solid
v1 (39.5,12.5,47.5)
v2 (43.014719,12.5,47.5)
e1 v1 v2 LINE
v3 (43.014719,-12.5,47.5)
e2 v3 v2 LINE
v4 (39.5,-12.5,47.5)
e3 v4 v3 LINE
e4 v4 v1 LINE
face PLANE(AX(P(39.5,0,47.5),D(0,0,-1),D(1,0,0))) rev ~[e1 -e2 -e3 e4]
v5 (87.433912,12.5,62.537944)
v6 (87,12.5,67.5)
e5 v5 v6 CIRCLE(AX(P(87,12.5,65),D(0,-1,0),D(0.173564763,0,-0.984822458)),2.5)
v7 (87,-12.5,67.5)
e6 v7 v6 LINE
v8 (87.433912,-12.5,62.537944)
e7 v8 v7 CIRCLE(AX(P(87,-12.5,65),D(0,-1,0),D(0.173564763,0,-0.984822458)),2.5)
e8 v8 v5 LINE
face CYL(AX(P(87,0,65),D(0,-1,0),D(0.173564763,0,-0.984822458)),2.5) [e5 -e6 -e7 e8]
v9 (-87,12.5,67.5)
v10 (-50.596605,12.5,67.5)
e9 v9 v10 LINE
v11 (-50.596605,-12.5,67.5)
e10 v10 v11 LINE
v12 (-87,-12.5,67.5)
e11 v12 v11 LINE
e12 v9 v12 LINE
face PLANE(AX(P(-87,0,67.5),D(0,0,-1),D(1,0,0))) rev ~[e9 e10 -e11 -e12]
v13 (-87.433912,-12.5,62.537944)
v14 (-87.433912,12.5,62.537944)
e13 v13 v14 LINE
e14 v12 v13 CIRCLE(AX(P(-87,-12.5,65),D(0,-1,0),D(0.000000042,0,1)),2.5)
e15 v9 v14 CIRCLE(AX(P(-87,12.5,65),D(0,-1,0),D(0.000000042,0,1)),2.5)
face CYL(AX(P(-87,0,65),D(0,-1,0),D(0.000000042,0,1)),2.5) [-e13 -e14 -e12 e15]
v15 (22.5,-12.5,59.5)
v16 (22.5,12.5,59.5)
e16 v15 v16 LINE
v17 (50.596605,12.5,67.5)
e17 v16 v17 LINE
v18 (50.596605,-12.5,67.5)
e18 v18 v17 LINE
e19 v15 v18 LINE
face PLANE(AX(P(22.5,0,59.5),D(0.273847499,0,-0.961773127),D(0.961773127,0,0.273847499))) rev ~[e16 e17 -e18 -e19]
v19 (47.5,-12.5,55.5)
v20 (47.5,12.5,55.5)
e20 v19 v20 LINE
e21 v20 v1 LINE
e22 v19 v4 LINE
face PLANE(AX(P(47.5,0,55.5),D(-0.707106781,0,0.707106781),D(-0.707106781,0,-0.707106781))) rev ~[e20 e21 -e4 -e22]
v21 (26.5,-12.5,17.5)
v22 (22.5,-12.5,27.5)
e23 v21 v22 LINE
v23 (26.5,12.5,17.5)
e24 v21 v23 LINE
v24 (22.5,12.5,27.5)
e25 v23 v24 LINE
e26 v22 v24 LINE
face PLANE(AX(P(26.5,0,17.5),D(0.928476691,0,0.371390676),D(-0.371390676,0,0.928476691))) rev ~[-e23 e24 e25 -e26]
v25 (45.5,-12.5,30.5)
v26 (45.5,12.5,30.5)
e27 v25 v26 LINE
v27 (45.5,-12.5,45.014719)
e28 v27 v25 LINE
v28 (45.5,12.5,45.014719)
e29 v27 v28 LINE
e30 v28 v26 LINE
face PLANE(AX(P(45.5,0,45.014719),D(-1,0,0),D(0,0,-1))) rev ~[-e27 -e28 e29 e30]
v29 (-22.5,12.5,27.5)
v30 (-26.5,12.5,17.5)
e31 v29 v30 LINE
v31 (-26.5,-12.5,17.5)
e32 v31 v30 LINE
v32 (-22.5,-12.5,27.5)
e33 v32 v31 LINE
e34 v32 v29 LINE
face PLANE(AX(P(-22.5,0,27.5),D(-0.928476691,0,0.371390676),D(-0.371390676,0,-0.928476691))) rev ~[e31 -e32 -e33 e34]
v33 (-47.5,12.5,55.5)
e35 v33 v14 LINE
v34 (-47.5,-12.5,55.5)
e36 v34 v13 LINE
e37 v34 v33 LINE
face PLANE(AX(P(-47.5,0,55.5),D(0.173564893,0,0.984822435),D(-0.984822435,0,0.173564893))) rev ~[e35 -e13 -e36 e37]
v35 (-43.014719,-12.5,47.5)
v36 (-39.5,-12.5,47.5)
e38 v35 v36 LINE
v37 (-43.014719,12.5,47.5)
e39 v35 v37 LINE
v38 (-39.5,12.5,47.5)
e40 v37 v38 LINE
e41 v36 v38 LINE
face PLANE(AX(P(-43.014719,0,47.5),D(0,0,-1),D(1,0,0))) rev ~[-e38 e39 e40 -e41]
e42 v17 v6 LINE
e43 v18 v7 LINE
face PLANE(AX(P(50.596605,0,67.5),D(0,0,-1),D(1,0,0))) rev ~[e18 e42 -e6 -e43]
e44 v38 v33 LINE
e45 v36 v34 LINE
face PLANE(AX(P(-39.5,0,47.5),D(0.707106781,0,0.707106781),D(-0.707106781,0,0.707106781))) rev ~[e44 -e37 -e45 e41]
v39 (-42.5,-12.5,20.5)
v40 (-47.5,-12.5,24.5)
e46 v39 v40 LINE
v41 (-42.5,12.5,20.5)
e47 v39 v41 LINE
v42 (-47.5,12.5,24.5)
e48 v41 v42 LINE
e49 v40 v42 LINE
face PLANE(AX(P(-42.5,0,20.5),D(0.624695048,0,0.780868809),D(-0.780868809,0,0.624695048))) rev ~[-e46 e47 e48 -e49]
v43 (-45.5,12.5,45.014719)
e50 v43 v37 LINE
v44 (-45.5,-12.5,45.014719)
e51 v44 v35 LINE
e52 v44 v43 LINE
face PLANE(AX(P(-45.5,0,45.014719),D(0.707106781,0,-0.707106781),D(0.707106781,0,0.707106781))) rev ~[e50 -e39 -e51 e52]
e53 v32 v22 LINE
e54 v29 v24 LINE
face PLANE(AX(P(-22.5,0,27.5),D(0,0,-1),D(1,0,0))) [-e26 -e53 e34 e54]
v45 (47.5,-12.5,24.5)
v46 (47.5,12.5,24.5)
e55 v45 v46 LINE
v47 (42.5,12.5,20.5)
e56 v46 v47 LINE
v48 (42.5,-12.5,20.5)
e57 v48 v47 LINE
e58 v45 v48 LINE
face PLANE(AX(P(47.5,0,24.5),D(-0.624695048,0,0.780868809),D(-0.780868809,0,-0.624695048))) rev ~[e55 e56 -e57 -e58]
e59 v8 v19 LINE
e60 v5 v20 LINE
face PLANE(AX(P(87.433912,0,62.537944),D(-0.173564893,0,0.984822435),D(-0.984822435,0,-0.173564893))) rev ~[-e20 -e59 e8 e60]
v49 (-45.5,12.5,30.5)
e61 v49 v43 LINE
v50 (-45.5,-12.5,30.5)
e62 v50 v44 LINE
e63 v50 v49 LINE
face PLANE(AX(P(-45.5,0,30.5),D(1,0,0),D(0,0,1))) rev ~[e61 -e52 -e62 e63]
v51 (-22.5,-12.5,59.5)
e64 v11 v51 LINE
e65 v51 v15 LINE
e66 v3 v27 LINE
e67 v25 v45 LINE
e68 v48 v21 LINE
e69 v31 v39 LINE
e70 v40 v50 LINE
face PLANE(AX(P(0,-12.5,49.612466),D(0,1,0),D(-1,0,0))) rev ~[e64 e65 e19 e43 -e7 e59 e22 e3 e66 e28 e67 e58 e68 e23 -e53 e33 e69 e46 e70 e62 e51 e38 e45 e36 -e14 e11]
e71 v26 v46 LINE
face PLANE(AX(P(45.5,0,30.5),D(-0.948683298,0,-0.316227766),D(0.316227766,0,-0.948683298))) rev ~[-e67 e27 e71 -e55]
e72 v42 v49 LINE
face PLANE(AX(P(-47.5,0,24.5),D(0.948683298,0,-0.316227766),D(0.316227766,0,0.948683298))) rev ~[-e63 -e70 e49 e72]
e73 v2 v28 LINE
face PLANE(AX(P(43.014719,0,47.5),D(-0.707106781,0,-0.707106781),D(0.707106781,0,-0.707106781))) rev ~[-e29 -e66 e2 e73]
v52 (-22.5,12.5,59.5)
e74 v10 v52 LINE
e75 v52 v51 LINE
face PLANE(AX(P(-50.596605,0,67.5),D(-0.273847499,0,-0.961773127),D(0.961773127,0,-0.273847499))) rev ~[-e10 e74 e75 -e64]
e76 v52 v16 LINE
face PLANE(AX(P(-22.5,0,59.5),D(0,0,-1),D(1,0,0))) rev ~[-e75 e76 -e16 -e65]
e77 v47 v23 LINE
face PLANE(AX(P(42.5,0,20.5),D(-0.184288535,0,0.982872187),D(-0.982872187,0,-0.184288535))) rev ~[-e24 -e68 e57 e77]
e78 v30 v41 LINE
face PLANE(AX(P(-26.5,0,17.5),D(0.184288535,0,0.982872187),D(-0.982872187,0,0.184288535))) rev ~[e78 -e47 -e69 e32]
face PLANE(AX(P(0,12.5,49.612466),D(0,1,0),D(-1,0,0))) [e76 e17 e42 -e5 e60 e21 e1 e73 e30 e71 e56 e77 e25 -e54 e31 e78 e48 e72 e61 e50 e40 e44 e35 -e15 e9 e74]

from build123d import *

# Parameters (mm, degrees)
PAD002_DEPTH = 12.5


with BuildPart() as part:
    # Sketch003 → Pad002 (new body, symmetric)
    with BuildSketch(Plane.XZ):
        with BuildLine():
            Line((-22.5, 59.5), (22.5, 59.5))
            Line((22.5, 59.5), (50.596605, 67.5))
            Line((50.596605, 67.5), (87, 67.5))
            ThreePointArc((87.433912, 62.537944), (89.490496, 65.217784), (87, 67.5))
            Line((87.433912, 62.537944), (47.5, 55.5))
            Line((47.5, 55.5), (39.5, 47.5))
            Line((39.5, 47.5), (43.014719, 47.5))
            Line((43.014719, 47.5), (45.5, 45.014719))
            Line((45.5, 45.014719), (45.5, 30.5))
            Line((45.5, 30.5), (47.5, 24.5))
            Line((47.5, 24.5), (42.5, 20.5))
            Line((42.5, 20.5), (26.5, 17.5))
            Line((26.5, 17.5), (22.5, 27.5))
            Line((-22.5, 27.5), (22.5, 27.5))
            Line((-22.5, 27.5), (-26.5, 17.5))
            Line((-26.5, 17.5), (-42.5, 20.5))
            Line((-42.5, 20.5), (-47.5, 24.5))
            Line((-47.5, 24.5), (-45.5, 30.5))
            Line((-45.5, 30.5), (-45.5, 45.014719))
            Line((-45.5, 45.014719), (-43.014719, 47.5))
            Line((-43.014719, 47.5), (-39.5, 47.5))
            Line((-39.5, 47.5), (-47.5, 55.5))
            Line((-47.5, 55.5), (-87.433912, 62.537944))
            ThreePointArc((-87, 67.5), (-89.490496, 65.217784), (-87.433912, 62.537944))
            Line((-87, 67.5), (-50.596605, 67.5))
            Line((-50.596605, 67.5), (-22.5, 59.5))
        make_face()
    extrude(amount=PAD002_DEPTH, both=True)


solid = part.part
